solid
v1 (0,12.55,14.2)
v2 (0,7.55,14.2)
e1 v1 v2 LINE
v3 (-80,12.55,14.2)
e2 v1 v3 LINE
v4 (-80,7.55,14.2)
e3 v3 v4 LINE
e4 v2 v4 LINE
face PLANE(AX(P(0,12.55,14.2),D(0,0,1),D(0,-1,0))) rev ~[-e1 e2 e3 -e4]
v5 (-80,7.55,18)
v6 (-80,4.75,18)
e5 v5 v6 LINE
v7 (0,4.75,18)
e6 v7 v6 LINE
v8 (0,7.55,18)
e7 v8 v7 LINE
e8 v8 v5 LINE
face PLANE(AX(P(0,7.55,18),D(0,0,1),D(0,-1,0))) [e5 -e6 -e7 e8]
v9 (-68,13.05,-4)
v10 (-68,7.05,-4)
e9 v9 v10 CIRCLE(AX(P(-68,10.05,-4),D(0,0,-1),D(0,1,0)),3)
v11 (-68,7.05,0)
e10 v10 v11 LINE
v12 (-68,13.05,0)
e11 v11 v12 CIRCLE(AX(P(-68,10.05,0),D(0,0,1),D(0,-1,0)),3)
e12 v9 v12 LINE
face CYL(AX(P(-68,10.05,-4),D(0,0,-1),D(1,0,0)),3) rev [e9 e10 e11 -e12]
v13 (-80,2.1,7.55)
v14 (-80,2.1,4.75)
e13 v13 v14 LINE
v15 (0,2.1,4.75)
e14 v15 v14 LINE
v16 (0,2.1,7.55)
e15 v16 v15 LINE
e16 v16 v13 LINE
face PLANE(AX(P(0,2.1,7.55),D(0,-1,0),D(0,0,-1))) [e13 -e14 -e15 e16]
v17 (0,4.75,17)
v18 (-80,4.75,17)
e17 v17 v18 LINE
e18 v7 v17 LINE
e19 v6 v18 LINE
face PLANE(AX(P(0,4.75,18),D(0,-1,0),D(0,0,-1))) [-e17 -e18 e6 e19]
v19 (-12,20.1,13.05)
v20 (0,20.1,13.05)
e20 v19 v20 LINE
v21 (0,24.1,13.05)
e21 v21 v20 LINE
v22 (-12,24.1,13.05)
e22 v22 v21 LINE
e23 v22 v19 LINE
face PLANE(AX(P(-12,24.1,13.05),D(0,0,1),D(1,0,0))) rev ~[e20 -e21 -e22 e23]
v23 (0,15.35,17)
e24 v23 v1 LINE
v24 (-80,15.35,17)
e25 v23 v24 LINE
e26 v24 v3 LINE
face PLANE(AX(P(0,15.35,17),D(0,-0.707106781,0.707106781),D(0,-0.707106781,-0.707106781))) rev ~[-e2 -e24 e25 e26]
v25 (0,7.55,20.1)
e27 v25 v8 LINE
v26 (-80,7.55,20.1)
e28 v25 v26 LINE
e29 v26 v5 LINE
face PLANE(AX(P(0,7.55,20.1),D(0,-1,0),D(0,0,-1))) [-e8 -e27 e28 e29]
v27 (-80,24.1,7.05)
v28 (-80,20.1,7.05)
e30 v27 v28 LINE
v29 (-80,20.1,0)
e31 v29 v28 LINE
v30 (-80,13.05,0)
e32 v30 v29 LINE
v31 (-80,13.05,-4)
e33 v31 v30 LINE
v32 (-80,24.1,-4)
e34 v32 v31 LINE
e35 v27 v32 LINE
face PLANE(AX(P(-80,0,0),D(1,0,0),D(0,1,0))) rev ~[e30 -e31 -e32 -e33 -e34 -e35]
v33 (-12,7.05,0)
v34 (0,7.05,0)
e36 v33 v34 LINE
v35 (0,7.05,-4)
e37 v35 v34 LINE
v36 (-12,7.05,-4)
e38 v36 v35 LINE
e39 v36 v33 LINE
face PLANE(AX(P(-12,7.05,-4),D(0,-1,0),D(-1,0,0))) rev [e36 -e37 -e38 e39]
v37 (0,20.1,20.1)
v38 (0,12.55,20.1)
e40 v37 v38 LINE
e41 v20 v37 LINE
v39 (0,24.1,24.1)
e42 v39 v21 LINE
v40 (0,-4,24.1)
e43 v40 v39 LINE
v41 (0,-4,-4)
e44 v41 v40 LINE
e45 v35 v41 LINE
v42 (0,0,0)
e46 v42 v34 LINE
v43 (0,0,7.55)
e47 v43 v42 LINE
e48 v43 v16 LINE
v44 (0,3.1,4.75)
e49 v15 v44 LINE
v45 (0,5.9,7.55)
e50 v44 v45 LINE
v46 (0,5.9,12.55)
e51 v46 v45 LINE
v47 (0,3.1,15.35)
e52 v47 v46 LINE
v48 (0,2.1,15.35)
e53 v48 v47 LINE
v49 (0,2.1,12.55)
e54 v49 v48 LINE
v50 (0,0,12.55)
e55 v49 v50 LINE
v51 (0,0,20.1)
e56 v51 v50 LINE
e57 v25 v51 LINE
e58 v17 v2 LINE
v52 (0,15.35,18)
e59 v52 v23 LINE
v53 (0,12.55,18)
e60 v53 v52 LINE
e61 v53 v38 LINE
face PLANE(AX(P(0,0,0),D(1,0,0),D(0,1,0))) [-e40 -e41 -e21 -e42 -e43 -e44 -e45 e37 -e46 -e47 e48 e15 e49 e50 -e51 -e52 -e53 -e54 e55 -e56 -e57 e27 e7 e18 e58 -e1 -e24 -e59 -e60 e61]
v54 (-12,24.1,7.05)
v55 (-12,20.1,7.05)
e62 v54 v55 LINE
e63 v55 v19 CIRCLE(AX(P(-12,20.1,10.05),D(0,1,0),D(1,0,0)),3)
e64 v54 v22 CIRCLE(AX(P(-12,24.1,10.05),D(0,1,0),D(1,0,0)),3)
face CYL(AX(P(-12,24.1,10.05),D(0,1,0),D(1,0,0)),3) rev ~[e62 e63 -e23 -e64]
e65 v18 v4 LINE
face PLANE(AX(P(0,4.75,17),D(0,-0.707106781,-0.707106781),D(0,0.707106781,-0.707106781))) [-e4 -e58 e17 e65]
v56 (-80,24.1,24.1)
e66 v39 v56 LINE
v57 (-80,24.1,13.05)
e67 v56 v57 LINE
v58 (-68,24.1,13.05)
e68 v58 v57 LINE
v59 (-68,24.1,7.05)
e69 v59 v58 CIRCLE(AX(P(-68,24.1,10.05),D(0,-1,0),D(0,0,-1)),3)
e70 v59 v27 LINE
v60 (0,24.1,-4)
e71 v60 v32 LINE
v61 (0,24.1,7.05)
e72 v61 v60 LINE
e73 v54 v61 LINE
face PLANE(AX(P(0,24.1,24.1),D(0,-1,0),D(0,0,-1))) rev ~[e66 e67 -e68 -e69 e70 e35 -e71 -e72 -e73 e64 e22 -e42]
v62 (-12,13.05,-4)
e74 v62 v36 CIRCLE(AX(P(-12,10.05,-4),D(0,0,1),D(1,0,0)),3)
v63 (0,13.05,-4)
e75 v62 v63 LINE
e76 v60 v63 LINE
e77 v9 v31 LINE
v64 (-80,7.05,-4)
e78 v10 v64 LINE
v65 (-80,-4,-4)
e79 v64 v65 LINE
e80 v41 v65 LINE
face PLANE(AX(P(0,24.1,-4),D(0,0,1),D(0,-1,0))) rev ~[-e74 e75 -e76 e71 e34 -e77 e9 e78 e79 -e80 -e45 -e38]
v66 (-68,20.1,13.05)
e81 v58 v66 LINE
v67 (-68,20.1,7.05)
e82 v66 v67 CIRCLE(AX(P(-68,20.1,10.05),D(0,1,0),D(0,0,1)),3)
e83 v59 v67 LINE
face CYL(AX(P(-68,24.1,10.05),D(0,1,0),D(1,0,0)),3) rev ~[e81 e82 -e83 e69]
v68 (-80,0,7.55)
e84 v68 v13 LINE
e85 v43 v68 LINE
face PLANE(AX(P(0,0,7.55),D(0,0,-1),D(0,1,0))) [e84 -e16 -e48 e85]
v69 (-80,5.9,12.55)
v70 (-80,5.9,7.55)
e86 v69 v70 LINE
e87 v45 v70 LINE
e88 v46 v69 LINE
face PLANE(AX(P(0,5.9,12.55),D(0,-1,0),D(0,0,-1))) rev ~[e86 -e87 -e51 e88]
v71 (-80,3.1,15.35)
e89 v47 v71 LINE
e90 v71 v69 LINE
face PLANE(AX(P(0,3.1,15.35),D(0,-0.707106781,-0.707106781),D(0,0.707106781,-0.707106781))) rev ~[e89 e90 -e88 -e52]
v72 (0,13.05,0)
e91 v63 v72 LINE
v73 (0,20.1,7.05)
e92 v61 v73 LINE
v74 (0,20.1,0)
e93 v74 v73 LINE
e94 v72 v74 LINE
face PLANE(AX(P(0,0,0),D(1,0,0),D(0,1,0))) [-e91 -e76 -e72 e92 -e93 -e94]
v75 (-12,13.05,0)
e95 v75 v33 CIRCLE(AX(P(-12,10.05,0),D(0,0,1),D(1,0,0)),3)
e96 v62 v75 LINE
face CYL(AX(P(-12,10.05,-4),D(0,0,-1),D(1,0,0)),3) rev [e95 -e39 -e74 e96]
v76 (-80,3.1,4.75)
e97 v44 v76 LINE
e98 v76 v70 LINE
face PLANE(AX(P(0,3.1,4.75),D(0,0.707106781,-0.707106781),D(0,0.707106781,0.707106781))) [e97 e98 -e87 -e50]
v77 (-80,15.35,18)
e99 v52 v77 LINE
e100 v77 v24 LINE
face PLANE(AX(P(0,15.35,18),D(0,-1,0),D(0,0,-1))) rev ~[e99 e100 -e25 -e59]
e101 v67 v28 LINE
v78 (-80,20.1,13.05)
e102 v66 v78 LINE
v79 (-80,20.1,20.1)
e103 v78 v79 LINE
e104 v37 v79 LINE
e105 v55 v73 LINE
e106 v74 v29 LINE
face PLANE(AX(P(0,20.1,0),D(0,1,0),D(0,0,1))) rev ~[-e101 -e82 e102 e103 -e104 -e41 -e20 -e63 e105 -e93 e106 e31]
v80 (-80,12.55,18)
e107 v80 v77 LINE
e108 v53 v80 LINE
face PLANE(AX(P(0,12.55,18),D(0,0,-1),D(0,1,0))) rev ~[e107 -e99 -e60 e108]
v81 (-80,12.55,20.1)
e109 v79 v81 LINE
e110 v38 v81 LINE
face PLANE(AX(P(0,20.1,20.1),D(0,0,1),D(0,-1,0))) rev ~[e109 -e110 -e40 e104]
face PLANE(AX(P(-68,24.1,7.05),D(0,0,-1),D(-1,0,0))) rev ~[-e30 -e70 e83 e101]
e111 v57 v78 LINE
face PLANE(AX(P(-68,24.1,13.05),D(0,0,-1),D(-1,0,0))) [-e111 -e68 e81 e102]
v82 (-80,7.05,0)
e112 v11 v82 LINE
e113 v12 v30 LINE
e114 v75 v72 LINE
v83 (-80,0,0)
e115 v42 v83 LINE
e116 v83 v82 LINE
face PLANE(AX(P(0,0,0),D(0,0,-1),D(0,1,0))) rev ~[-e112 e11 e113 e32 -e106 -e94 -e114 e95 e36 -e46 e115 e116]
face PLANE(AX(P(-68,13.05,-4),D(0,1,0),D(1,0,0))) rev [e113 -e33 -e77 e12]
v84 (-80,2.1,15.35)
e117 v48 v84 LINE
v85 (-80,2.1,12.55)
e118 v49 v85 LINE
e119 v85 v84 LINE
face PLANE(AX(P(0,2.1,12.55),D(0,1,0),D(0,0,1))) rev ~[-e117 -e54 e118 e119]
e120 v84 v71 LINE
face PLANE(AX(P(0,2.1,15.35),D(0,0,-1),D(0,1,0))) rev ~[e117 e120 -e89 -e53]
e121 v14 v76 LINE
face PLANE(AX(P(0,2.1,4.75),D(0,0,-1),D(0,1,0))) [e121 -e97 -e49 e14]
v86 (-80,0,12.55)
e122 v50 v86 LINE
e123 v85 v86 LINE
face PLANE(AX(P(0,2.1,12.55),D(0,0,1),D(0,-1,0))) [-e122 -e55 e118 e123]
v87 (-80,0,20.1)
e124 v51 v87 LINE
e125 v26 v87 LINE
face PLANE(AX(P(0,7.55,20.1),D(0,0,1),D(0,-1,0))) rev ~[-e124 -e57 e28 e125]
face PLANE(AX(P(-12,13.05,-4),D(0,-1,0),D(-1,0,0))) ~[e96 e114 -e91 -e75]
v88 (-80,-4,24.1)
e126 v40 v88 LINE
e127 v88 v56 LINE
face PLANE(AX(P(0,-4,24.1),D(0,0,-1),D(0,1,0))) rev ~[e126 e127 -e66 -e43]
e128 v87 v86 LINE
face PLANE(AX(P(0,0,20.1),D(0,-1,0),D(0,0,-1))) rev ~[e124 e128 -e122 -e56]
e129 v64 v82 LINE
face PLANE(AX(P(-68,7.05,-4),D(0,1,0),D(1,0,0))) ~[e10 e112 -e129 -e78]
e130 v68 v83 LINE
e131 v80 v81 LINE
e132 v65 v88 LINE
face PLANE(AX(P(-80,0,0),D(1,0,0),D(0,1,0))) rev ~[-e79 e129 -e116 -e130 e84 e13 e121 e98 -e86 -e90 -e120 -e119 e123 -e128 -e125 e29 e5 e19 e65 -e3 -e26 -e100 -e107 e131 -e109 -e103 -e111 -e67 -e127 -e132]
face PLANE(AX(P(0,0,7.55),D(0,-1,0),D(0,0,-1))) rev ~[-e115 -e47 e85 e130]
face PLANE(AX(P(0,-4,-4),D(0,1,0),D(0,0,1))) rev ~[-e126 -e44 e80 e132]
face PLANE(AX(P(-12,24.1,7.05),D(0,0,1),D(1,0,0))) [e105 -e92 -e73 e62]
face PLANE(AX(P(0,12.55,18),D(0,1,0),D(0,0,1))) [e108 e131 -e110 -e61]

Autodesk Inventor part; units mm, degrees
ref_plane "YZ Plane" through (0, 0, 0) normal (1, 0, 0) x (0, 1, 0)
ref_plane "XZ Plane" through (0, 0, 0) normal (0, 1, 0) x (-1, 0, 0)
ref_plane "XY Plane" through (0, 0, 0) normal (0, 0, 1) x (1, 0, 0)
sketch "Sketch1" plane through (0, 0, 0) normal (1, 0, 0) x (0, 1, 0)
  line L0 (0, 0) -> (20.1, 0)
  line L1 (20.1, 0) -> (20.1, 20.1)
  line L2 (20.1, 20.1) -> (0, 20.1)
  line L3 (0, 20.1) -> (0, 0)
  line L4 (-4, 24.1) -> (24.1, 24.1)
  line L5 (24.1, 24.1) -> (24.1, -4)
  line L6 (24.1, -4) -> (-4, -4)
  line L7 (-4, -4) -> (-4, 24.1)
  line L8 (12.55, 22.2) -> (7.55, 22.2)
  line L9 (7.55, 22.2) -> (7.55, 18)
  line L10 (7.55, 18) -> (12.55, 18)
  line L11 (12.55, 18) -> (12.55, 22.2)
  line L12 (12.55, 22.2) -> (7.55, 18) construction
  line L13 (7.55, 22.2) -> (12.55, 18) construction
  line L14 (12.55, 18) -> (15.35, 18)
  line L15 (15.35, 18) -> (15.35, 17)
  line L16 (15.35, 17) -> (12.55, 14.2)
  line L17 (12.55, 14.2) -> (7.55, 14.2)
  line L18 (7.55, 18) -> (4.75, 18)
  line L19 (4.75, 18) -> (4.75, 17)
  line L20 (4.75, 17) -> (7.55, 14.2)
  line L21 (2.1, 15.35) -> (3.1, 15.35)
  line L22 (3.1, 4.75) -> (5.9, 7.55)
  line L23 (2.1, 4.75) -> (3.1, 4.75)
  line L24 (-2.1, 12.55) -> (-2.1, 7.55)
  line L25 (2.1, 12.55) -> (-2.1, 12.55)
  line L26 (-2.1, 12.55) -> (2.1, 7.55) construction
  line L27 (-2.1, 7.55) -> (2.1, 12.55) construction
  line L28 (2.1, 7.55) -> (2.1, 4.75)
  line L29 (-2.1, 7.55) -> (2.1, 7.55)
  line L30 (2.1, 7.55) -> (2.1, 12.55)
  line L31 (5.9, 12.55) -> (5.9, 7.55)
  line L32 (2.1, 12.55) -> (2.1, 15.35)
  line L33 (3.1, 15.35) -> (5.9, 12.55)
  point P0 (10.05, 20.1)
  point P1 (0, 10.05)
  point P2 (10.05, 20.1)
  point P3 (0, 10.05)
  point P4 (0, 7.55)
  point P5 (0, 12.55)
  point P6 (7.55, 20.1)
  point P7 (12.55, 20.1)
  dimension "d0" = 20.1
  dimension "d1" = 20.1
  dimension "d2" = 4
  dimension "d3" = 5
  dimension "d4" = 4.2
  dimension "d5" = 2.8
  dimension "d6" = 1
  dimension "d7" = 3.8
  dimension "d8" = 2.8
  dimension "d9" = 5
  dimension "d10" = 1
  dimension "d11" = 135
  dimension "d12" = 5
  dimension "d13" = 4.2
  dimension "d14" = 2.8
  dimension "d15" = 1
  dimension "d16" = 3.8
  dimension "d17" = 2.8
  dimension "d18" = 5
  dimension "d19" = 1
  dimension "d20" = 135
  dimension "d21" = 7.55
  dimension "d22" = 2.1
  dimension "d23" = 90
  dimension "d24" = 7.55
  dimension "d25" = 2.1
  dimension "d26" = 90
extrude "Extrusion1" add sketch "Sketch1" against normal blind 80 contours L29 L24 L25 L3 | L3 L25 L30 L29 | L30 L32 L21 L33 L31 L22 L23 L28 | L11 L10 L9 L2 | L2 L9 L8 L11 | L14 L15 L16 L17 L20 L19 L18 L10 | L4 L5 L6 L7
sketch "Sketch2" plane through (0, -4, -4) normal (0, -1, 0) x (1, 0, 0)
  line L0 (0, 28.1) -> (0, 0) projected
  line L1 (0, 28.1) -> (-80, 28.1) projected
  line L2 (-80, 0) -> (-80, 28.1) projected
  line L3 (0, 0) -> (-80, 0) projected
  line L4 (-80, 0) -> (0, 28.1) construction
  line L5 (-80, 28.1) -> (0, 0) construction
  line L6 (-60.4, 34.15) -> (-60.4, -6.05) construction
  line L7 (-60.4, -6.05) -> (-19.6, -6.05) construction
  line L8 (-19.6, -6.05) -> (-19.6, 34.15) construction
  line L9 (-19.6, 34.15) -> (-60.4, 34.15) construction
  line L10 (-60.4, 34.15) -> (-19.6, -6.05) construction
  line L11 (-60.4, -6.05) -> (-19.6, 34.15) construction
  circle A0 centre (-19.6, 34.15) radius 1.6
  circle A1 centre (-19.6, -8.25) radius 1.6
  circle A2 centre (-57.6, 34.15) radius 1.6
  circle A3 centre (-57.6, -8.25) radius 1.6
  line L12 (-23, 28.1) -> (-57, 28.1)
  line L13 (-23, 0) -> (-57, 0)
  line L14 (0, 28.1) -> (-80, 28.1) projected
  point P0 (0, 4)
  point P1 (-40, 14.05)
  dimension "d32" = 3.2
  dimension "d35" = 42.4
  dimension "d38" = 38
  dimension "d66" = 40.8
  dimension "d67" = 40.2
extrude "Extrusion2" [suppressed]
sketch "Sketch3" plane through (0, 24.1, 24.1) normal (0, 1, 0) x (1, 0, 0)
  line L0 (0, 28.1) -> (0, 0) projected
  line L1 (0, 28.1) -> (-80, 28.1) projected
  line L2 (-80, 0) -> (-80, 28.1) projected
  line L3 (0, 0) -> (-80, 0) projected
  line L4 (0, 16.55) -> (0, 11.55) construction
  line L5 (0, 14.05) -> (-80, 14.05) construction
  line L6 (-80, 28.1) -> (-80, 0) construction
  circle A0 centre (-12, 14.05) radius 3
  circle A1 centre (-68, 14.05) radius 3
  line L7 (-68, 17.05) -> (-80, 17.05)
  line L8 (-68, 11.05) -> (-80, 11.05)
  line L9 (-12, 17.05) -> (0, 17.05)
  line L10 (0, 19.35) -> (0, 16.55) projected
  line L11 (-12, 11.05) -> (0, 11.05)
  line L12 (0, 8.75) -> (0, 11.55) projected
  point P0 (0, 24.1)
  point P1 (0, 11.05)
  point P2 (-80, 11.05)
  dimension "d49" = 6
  dimension "d50" = 6
  dimension "d51" = 12
  dimension "d52" = 12
  dimension "d53" = 6
  dimension "d54" = 6
extrude "Extrusion3" cut sketch "Sketch3" against normal up to surface (4 mm away) contours L0 L11 A0 L9 | L7 A1 L8 L2 | A0 | A1
ref_plane "Work Plane1" through (0, 24.1, -4) normal (0, -0.7071, -0.7071) x (-1, 0, 0)
mirror "Mirror1" about plane through (0, 24.1, -4) normal (0, -0.7071, -0.7071) of "Extrusion3"
extrude "Extrusão4" [suppressed]
fillet "Arredondamento3" [suppressed]
equation "\"d8\" = d5"
equation "\"d9\" = d3"
equation "\"d10\" = d6"
equation "\"d17\" = d14"
equation "\"d18\" = d12"
equation "\"d19\" = d15"
properties part number "cameraSlider3"
